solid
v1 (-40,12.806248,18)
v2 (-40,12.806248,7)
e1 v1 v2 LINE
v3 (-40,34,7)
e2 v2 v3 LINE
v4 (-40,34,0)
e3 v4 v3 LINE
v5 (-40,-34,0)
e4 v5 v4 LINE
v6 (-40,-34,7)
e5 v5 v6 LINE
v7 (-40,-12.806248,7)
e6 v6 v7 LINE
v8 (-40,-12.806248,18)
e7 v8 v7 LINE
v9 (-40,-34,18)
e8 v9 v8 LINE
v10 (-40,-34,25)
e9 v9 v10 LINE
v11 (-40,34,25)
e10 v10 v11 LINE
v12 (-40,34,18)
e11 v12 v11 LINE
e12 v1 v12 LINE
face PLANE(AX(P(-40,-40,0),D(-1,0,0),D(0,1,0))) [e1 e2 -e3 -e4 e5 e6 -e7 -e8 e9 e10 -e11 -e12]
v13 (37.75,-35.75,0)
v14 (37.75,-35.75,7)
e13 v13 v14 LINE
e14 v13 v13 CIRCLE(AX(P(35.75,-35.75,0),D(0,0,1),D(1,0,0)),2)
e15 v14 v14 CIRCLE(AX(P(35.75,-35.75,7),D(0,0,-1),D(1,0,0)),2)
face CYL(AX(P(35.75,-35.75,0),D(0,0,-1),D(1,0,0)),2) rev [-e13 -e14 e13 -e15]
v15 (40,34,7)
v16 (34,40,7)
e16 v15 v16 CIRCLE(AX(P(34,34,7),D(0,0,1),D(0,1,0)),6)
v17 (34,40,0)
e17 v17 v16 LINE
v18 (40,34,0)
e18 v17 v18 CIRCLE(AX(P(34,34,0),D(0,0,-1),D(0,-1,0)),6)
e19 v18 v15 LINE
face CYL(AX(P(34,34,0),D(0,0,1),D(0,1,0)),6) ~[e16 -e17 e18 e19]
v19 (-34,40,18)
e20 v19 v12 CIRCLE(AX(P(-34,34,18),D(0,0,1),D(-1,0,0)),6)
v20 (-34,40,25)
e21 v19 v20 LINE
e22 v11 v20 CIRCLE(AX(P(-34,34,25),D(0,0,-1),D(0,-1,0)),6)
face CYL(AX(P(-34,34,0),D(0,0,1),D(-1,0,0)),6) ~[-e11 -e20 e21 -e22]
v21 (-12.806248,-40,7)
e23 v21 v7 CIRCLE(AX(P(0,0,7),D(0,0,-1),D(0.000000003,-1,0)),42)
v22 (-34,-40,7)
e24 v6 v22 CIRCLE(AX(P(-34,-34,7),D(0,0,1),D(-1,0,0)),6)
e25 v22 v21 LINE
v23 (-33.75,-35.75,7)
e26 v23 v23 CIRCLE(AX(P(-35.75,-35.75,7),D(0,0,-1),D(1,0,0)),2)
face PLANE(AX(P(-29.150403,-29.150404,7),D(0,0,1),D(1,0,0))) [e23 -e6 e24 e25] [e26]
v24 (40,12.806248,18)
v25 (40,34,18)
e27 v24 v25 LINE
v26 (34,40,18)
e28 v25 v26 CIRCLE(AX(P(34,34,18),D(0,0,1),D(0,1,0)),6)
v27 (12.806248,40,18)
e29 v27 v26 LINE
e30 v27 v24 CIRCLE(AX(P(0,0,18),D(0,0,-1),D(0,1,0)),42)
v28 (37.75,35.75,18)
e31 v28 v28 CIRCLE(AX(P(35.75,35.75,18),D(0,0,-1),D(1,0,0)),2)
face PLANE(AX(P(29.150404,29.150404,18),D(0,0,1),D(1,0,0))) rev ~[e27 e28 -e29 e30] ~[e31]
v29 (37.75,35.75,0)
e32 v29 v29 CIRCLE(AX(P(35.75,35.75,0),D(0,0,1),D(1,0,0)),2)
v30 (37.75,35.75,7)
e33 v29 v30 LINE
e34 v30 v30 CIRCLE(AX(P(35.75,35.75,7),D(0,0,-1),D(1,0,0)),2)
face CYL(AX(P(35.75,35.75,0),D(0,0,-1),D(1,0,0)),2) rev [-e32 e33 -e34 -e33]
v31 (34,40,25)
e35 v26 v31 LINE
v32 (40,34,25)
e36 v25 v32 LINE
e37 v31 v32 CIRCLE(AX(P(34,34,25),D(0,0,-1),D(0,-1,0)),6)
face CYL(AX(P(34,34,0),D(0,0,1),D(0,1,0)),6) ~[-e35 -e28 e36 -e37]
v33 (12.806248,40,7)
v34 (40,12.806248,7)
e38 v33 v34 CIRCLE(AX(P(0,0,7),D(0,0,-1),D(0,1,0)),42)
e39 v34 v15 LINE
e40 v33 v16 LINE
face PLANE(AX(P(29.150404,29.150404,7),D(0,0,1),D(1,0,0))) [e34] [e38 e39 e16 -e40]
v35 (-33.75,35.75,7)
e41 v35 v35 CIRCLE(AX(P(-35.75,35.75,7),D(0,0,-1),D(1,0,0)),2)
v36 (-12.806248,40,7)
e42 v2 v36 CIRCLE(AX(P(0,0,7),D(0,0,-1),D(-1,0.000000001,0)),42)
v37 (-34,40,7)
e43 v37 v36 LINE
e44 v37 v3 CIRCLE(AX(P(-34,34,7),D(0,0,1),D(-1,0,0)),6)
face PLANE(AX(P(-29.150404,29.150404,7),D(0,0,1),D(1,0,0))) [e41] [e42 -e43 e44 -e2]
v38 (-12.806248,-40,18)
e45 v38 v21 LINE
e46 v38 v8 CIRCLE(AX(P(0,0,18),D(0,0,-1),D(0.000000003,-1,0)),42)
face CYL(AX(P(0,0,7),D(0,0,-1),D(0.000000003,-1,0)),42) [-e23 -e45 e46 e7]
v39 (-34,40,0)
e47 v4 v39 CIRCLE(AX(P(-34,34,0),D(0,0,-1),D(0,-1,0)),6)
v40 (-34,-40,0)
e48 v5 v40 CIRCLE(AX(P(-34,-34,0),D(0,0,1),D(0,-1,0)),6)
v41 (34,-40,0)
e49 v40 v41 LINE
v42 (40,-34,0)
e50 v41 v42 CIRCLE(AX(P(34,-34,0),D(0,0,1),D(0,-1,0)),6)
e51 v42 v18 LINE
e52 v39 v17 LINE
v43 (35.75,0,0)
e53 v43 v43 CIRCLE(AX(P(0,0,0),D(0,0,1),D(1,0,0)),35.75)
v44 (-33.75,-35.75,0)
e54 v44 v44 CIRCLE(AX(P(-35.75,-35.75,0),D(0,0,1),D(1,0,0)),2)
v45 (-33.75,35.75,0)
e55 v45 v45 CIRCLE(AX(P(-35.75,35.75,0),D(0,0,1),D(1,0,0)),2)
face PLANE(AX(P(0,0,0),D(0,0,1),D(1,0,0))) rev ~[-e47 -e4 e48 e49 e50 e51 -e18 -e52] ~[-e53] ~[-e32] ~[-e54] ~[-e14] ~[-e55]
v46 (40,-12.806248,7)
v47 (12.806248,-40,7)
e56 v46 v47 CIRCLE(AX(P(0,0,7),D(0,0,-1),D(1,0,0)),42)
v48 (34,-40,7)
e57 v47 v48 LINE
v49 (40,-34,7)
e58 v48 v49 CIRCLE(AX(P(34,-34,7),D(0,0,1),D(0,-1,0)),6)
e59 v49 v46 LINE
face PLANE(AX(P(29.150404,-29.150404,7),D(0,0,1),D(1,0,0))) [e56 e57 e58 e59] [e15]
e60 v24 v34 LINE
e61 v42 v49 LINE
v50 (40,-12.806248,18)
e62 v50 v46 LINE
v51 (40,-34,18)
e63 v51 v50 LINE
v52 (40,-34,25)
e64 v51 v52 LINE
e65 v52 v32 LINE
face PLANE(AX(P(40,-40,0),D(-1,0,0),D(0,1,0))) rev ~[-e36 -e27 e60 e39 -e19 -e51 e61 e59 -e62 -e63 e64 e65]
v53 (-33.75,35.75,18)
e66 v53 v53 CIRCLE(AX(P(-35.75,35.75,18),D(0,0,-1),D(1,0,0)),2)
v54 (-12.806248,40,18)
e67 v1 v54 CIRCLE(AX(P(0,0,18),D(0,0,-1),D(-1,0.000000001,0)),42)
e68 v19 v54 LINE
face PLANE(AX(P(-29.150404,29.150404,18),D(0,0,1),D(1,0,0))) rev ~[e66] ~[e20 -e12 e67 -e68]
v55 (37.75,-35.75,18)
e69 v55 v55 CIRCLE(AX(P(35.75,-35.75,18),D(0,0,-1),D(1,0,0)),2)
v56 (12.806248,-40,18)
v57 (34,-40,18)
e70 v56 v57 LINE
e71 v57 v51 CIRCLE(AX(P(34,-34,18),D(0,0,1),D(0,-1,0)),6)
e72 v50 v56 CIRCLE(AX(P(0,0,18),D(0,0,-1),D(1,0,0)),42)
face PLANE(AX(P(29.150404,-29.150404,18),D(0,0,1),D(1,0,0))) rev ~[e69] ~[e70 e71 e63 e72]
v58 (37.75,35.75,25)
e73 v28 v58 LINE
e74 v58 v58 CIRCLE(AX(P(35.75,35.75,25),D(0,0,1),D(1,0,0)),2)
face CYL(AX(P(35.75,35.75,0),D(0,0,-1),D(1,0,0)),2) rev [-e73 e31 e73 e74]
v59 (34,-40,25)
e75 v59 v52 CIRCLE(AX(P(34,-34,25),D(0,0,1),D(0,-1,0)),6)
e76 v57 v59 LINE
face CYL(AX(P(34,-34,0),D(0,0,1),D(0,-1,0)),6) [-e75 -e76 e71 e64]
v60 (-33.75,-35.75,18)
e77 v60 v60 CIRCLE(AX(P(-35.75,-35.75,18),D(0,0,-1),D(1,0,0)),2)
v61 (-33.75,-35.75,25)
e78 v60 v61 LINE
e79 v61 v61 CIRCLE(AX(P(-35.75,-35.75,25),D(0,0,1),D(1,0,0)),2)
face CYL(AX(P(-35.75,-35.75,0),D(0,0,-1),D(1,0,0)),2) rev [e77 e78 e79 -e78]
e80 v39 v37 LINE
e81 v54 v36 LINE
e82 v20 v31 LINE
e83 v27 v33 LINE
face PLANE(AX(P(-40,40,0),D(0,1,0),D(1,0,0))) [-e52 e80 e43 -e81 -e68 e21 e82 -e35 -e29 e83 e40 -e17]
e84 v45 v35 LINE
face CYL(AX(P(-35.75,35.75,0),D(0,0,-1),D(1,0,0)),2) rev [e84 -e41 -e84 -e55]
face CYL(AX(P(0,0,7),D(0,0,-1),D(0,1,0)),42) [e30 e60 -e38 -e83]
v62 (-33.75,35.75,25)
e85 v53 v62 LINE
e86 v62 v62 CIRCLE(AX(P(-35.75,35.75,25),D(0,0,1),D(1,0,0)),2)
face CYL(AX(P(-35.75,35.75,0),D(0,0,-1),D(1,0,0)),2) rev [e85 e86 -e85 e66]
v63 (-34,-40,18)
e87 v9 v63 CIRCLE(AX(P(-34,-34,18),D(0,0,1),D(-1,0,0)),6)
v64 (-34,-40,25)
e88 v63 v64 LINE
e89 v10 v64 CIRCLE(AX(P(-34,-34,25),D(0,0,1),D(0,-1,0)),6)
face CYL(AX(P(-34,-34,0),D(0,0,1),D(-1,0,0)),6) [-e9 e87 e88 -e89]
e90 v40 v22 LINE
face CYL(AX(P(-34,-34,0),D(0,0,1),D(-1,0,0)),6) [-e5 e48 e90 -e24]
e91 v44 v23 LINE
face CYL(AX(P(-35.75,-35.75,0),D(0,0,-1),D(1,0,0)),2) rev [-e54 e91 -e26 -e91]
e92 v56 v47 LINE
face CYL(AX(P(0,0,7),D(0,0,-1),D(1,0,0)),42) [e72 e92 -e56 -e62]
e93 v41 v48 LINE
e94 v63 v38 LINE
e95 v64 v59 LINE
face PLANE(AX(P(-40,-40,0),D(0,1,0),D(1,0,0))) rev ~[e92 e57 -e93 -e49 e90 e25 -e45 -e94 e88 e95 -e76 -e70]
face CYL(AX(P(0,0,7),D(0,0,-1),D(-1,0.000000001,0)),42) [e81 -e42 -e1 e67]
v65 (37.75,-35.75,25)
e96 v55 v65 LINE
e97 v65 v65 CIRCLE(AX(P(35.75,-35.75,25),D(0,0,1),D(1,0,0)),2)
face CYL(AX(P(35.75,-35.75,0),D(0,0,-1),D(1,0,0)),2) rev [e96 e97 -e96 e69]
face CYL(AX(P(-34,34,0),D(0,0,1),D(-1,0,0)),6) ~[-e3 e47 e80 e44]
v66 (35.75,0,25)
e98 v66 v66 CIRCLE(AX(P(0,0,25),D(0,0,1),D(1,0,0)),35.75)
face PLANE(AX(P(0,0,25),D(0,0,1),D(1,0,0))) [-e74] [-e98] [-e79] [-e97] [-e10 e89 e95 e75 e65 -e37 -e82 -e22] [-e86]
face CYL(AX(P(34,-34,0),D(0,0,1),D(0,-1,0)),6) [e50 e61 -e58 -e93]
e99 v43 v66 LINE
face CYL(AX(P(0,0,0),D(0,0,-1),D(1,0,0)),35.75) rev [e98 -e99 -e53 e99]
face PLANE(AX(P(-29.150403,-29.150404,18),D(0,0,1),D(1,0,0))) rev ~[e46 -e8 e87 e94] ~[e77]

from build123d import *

# Parameters (mm, degrees)
F0_W     = 80
F0_H     = 80
F0_R     = 2
F0_R_2   = 35.75
F1_DEPTH = 25
F2_R     = 6
F5_DEPTH = 11


with BuildPart() as f1:
    # F0 (on Top) → F1 (new body)
    with BuildSketch(Plane.XY):
        Rectangle(F0_W, F0_H)
        with Locations((-35.75, -35.75)):
            Circle(F0_R, mode=Mode.SUBTRACT)
        with Locations((35.75, -35.75)):
            Circle(F0_R, mode=Mode.SUBTRACT)
        with Locations((-35.75, 35.75)):
            Circle(F0_R, mode=Mode.SUBTRACT)
        Circle(F0_R_2, mode=Mode.SUBTRACT)
        with Locations((35.75, 35.75)):
            Circle(F0_R, mode=Mode.SUBTRACT)
    extrude(amount=F1_DEPTH)

    # F2
    f2_edges = [f1.edges().sort_by_distance(p)[0] for p in [
        (-40, -40, 12.5),
        (40, -40, 12.5),
        (40, 40, 12.5),
        (-40, 40, 12.5),
    ]]
    fillet(f2_edges, radius=F2_R)

    # F4 (on offset) → F5 (cut)
    with BuildSketch(Plane.XY.offset(7)):
        with BuildLine():
            ThreePointArc((0, 42), (29.6984848098, 29.6984848098), (42, 0))
            Line((42, 0), (42, 42))
            Line((42, 42), (0, 42))
        make_face()
        with BuildLine():
            ThreePointArc((-42, 5.59e-08), (-29.6984847901, 29.6984848296), (0, 42))
            Line((0, 42), (-42, 42))
            Line((-42, 42), (-42, 5.59e-08))
        make_face()
        with BuildLine():
            Line((-42, -42), (1.331e-07, -42))
            ThreePointArc((1.331e-07, -42), (-29.6984847825, -29.6984848372), (-42, 5.59e-08))
            Line((-42, 5.59e-08), (-42, -42))
        make_face()
        with BuildLine():
            Line((42, -42), (42, 0))
            ThreePointArc((42, 0), (29.6984848569, -29.6984847628), (1.331e-07, -42))
            Line((1.331e-07, -42), (42, -42))
        make_face()
    extrude(amount=F5_DEPTH, mode=Mode.SUBTRACT)


solid = f1.part
